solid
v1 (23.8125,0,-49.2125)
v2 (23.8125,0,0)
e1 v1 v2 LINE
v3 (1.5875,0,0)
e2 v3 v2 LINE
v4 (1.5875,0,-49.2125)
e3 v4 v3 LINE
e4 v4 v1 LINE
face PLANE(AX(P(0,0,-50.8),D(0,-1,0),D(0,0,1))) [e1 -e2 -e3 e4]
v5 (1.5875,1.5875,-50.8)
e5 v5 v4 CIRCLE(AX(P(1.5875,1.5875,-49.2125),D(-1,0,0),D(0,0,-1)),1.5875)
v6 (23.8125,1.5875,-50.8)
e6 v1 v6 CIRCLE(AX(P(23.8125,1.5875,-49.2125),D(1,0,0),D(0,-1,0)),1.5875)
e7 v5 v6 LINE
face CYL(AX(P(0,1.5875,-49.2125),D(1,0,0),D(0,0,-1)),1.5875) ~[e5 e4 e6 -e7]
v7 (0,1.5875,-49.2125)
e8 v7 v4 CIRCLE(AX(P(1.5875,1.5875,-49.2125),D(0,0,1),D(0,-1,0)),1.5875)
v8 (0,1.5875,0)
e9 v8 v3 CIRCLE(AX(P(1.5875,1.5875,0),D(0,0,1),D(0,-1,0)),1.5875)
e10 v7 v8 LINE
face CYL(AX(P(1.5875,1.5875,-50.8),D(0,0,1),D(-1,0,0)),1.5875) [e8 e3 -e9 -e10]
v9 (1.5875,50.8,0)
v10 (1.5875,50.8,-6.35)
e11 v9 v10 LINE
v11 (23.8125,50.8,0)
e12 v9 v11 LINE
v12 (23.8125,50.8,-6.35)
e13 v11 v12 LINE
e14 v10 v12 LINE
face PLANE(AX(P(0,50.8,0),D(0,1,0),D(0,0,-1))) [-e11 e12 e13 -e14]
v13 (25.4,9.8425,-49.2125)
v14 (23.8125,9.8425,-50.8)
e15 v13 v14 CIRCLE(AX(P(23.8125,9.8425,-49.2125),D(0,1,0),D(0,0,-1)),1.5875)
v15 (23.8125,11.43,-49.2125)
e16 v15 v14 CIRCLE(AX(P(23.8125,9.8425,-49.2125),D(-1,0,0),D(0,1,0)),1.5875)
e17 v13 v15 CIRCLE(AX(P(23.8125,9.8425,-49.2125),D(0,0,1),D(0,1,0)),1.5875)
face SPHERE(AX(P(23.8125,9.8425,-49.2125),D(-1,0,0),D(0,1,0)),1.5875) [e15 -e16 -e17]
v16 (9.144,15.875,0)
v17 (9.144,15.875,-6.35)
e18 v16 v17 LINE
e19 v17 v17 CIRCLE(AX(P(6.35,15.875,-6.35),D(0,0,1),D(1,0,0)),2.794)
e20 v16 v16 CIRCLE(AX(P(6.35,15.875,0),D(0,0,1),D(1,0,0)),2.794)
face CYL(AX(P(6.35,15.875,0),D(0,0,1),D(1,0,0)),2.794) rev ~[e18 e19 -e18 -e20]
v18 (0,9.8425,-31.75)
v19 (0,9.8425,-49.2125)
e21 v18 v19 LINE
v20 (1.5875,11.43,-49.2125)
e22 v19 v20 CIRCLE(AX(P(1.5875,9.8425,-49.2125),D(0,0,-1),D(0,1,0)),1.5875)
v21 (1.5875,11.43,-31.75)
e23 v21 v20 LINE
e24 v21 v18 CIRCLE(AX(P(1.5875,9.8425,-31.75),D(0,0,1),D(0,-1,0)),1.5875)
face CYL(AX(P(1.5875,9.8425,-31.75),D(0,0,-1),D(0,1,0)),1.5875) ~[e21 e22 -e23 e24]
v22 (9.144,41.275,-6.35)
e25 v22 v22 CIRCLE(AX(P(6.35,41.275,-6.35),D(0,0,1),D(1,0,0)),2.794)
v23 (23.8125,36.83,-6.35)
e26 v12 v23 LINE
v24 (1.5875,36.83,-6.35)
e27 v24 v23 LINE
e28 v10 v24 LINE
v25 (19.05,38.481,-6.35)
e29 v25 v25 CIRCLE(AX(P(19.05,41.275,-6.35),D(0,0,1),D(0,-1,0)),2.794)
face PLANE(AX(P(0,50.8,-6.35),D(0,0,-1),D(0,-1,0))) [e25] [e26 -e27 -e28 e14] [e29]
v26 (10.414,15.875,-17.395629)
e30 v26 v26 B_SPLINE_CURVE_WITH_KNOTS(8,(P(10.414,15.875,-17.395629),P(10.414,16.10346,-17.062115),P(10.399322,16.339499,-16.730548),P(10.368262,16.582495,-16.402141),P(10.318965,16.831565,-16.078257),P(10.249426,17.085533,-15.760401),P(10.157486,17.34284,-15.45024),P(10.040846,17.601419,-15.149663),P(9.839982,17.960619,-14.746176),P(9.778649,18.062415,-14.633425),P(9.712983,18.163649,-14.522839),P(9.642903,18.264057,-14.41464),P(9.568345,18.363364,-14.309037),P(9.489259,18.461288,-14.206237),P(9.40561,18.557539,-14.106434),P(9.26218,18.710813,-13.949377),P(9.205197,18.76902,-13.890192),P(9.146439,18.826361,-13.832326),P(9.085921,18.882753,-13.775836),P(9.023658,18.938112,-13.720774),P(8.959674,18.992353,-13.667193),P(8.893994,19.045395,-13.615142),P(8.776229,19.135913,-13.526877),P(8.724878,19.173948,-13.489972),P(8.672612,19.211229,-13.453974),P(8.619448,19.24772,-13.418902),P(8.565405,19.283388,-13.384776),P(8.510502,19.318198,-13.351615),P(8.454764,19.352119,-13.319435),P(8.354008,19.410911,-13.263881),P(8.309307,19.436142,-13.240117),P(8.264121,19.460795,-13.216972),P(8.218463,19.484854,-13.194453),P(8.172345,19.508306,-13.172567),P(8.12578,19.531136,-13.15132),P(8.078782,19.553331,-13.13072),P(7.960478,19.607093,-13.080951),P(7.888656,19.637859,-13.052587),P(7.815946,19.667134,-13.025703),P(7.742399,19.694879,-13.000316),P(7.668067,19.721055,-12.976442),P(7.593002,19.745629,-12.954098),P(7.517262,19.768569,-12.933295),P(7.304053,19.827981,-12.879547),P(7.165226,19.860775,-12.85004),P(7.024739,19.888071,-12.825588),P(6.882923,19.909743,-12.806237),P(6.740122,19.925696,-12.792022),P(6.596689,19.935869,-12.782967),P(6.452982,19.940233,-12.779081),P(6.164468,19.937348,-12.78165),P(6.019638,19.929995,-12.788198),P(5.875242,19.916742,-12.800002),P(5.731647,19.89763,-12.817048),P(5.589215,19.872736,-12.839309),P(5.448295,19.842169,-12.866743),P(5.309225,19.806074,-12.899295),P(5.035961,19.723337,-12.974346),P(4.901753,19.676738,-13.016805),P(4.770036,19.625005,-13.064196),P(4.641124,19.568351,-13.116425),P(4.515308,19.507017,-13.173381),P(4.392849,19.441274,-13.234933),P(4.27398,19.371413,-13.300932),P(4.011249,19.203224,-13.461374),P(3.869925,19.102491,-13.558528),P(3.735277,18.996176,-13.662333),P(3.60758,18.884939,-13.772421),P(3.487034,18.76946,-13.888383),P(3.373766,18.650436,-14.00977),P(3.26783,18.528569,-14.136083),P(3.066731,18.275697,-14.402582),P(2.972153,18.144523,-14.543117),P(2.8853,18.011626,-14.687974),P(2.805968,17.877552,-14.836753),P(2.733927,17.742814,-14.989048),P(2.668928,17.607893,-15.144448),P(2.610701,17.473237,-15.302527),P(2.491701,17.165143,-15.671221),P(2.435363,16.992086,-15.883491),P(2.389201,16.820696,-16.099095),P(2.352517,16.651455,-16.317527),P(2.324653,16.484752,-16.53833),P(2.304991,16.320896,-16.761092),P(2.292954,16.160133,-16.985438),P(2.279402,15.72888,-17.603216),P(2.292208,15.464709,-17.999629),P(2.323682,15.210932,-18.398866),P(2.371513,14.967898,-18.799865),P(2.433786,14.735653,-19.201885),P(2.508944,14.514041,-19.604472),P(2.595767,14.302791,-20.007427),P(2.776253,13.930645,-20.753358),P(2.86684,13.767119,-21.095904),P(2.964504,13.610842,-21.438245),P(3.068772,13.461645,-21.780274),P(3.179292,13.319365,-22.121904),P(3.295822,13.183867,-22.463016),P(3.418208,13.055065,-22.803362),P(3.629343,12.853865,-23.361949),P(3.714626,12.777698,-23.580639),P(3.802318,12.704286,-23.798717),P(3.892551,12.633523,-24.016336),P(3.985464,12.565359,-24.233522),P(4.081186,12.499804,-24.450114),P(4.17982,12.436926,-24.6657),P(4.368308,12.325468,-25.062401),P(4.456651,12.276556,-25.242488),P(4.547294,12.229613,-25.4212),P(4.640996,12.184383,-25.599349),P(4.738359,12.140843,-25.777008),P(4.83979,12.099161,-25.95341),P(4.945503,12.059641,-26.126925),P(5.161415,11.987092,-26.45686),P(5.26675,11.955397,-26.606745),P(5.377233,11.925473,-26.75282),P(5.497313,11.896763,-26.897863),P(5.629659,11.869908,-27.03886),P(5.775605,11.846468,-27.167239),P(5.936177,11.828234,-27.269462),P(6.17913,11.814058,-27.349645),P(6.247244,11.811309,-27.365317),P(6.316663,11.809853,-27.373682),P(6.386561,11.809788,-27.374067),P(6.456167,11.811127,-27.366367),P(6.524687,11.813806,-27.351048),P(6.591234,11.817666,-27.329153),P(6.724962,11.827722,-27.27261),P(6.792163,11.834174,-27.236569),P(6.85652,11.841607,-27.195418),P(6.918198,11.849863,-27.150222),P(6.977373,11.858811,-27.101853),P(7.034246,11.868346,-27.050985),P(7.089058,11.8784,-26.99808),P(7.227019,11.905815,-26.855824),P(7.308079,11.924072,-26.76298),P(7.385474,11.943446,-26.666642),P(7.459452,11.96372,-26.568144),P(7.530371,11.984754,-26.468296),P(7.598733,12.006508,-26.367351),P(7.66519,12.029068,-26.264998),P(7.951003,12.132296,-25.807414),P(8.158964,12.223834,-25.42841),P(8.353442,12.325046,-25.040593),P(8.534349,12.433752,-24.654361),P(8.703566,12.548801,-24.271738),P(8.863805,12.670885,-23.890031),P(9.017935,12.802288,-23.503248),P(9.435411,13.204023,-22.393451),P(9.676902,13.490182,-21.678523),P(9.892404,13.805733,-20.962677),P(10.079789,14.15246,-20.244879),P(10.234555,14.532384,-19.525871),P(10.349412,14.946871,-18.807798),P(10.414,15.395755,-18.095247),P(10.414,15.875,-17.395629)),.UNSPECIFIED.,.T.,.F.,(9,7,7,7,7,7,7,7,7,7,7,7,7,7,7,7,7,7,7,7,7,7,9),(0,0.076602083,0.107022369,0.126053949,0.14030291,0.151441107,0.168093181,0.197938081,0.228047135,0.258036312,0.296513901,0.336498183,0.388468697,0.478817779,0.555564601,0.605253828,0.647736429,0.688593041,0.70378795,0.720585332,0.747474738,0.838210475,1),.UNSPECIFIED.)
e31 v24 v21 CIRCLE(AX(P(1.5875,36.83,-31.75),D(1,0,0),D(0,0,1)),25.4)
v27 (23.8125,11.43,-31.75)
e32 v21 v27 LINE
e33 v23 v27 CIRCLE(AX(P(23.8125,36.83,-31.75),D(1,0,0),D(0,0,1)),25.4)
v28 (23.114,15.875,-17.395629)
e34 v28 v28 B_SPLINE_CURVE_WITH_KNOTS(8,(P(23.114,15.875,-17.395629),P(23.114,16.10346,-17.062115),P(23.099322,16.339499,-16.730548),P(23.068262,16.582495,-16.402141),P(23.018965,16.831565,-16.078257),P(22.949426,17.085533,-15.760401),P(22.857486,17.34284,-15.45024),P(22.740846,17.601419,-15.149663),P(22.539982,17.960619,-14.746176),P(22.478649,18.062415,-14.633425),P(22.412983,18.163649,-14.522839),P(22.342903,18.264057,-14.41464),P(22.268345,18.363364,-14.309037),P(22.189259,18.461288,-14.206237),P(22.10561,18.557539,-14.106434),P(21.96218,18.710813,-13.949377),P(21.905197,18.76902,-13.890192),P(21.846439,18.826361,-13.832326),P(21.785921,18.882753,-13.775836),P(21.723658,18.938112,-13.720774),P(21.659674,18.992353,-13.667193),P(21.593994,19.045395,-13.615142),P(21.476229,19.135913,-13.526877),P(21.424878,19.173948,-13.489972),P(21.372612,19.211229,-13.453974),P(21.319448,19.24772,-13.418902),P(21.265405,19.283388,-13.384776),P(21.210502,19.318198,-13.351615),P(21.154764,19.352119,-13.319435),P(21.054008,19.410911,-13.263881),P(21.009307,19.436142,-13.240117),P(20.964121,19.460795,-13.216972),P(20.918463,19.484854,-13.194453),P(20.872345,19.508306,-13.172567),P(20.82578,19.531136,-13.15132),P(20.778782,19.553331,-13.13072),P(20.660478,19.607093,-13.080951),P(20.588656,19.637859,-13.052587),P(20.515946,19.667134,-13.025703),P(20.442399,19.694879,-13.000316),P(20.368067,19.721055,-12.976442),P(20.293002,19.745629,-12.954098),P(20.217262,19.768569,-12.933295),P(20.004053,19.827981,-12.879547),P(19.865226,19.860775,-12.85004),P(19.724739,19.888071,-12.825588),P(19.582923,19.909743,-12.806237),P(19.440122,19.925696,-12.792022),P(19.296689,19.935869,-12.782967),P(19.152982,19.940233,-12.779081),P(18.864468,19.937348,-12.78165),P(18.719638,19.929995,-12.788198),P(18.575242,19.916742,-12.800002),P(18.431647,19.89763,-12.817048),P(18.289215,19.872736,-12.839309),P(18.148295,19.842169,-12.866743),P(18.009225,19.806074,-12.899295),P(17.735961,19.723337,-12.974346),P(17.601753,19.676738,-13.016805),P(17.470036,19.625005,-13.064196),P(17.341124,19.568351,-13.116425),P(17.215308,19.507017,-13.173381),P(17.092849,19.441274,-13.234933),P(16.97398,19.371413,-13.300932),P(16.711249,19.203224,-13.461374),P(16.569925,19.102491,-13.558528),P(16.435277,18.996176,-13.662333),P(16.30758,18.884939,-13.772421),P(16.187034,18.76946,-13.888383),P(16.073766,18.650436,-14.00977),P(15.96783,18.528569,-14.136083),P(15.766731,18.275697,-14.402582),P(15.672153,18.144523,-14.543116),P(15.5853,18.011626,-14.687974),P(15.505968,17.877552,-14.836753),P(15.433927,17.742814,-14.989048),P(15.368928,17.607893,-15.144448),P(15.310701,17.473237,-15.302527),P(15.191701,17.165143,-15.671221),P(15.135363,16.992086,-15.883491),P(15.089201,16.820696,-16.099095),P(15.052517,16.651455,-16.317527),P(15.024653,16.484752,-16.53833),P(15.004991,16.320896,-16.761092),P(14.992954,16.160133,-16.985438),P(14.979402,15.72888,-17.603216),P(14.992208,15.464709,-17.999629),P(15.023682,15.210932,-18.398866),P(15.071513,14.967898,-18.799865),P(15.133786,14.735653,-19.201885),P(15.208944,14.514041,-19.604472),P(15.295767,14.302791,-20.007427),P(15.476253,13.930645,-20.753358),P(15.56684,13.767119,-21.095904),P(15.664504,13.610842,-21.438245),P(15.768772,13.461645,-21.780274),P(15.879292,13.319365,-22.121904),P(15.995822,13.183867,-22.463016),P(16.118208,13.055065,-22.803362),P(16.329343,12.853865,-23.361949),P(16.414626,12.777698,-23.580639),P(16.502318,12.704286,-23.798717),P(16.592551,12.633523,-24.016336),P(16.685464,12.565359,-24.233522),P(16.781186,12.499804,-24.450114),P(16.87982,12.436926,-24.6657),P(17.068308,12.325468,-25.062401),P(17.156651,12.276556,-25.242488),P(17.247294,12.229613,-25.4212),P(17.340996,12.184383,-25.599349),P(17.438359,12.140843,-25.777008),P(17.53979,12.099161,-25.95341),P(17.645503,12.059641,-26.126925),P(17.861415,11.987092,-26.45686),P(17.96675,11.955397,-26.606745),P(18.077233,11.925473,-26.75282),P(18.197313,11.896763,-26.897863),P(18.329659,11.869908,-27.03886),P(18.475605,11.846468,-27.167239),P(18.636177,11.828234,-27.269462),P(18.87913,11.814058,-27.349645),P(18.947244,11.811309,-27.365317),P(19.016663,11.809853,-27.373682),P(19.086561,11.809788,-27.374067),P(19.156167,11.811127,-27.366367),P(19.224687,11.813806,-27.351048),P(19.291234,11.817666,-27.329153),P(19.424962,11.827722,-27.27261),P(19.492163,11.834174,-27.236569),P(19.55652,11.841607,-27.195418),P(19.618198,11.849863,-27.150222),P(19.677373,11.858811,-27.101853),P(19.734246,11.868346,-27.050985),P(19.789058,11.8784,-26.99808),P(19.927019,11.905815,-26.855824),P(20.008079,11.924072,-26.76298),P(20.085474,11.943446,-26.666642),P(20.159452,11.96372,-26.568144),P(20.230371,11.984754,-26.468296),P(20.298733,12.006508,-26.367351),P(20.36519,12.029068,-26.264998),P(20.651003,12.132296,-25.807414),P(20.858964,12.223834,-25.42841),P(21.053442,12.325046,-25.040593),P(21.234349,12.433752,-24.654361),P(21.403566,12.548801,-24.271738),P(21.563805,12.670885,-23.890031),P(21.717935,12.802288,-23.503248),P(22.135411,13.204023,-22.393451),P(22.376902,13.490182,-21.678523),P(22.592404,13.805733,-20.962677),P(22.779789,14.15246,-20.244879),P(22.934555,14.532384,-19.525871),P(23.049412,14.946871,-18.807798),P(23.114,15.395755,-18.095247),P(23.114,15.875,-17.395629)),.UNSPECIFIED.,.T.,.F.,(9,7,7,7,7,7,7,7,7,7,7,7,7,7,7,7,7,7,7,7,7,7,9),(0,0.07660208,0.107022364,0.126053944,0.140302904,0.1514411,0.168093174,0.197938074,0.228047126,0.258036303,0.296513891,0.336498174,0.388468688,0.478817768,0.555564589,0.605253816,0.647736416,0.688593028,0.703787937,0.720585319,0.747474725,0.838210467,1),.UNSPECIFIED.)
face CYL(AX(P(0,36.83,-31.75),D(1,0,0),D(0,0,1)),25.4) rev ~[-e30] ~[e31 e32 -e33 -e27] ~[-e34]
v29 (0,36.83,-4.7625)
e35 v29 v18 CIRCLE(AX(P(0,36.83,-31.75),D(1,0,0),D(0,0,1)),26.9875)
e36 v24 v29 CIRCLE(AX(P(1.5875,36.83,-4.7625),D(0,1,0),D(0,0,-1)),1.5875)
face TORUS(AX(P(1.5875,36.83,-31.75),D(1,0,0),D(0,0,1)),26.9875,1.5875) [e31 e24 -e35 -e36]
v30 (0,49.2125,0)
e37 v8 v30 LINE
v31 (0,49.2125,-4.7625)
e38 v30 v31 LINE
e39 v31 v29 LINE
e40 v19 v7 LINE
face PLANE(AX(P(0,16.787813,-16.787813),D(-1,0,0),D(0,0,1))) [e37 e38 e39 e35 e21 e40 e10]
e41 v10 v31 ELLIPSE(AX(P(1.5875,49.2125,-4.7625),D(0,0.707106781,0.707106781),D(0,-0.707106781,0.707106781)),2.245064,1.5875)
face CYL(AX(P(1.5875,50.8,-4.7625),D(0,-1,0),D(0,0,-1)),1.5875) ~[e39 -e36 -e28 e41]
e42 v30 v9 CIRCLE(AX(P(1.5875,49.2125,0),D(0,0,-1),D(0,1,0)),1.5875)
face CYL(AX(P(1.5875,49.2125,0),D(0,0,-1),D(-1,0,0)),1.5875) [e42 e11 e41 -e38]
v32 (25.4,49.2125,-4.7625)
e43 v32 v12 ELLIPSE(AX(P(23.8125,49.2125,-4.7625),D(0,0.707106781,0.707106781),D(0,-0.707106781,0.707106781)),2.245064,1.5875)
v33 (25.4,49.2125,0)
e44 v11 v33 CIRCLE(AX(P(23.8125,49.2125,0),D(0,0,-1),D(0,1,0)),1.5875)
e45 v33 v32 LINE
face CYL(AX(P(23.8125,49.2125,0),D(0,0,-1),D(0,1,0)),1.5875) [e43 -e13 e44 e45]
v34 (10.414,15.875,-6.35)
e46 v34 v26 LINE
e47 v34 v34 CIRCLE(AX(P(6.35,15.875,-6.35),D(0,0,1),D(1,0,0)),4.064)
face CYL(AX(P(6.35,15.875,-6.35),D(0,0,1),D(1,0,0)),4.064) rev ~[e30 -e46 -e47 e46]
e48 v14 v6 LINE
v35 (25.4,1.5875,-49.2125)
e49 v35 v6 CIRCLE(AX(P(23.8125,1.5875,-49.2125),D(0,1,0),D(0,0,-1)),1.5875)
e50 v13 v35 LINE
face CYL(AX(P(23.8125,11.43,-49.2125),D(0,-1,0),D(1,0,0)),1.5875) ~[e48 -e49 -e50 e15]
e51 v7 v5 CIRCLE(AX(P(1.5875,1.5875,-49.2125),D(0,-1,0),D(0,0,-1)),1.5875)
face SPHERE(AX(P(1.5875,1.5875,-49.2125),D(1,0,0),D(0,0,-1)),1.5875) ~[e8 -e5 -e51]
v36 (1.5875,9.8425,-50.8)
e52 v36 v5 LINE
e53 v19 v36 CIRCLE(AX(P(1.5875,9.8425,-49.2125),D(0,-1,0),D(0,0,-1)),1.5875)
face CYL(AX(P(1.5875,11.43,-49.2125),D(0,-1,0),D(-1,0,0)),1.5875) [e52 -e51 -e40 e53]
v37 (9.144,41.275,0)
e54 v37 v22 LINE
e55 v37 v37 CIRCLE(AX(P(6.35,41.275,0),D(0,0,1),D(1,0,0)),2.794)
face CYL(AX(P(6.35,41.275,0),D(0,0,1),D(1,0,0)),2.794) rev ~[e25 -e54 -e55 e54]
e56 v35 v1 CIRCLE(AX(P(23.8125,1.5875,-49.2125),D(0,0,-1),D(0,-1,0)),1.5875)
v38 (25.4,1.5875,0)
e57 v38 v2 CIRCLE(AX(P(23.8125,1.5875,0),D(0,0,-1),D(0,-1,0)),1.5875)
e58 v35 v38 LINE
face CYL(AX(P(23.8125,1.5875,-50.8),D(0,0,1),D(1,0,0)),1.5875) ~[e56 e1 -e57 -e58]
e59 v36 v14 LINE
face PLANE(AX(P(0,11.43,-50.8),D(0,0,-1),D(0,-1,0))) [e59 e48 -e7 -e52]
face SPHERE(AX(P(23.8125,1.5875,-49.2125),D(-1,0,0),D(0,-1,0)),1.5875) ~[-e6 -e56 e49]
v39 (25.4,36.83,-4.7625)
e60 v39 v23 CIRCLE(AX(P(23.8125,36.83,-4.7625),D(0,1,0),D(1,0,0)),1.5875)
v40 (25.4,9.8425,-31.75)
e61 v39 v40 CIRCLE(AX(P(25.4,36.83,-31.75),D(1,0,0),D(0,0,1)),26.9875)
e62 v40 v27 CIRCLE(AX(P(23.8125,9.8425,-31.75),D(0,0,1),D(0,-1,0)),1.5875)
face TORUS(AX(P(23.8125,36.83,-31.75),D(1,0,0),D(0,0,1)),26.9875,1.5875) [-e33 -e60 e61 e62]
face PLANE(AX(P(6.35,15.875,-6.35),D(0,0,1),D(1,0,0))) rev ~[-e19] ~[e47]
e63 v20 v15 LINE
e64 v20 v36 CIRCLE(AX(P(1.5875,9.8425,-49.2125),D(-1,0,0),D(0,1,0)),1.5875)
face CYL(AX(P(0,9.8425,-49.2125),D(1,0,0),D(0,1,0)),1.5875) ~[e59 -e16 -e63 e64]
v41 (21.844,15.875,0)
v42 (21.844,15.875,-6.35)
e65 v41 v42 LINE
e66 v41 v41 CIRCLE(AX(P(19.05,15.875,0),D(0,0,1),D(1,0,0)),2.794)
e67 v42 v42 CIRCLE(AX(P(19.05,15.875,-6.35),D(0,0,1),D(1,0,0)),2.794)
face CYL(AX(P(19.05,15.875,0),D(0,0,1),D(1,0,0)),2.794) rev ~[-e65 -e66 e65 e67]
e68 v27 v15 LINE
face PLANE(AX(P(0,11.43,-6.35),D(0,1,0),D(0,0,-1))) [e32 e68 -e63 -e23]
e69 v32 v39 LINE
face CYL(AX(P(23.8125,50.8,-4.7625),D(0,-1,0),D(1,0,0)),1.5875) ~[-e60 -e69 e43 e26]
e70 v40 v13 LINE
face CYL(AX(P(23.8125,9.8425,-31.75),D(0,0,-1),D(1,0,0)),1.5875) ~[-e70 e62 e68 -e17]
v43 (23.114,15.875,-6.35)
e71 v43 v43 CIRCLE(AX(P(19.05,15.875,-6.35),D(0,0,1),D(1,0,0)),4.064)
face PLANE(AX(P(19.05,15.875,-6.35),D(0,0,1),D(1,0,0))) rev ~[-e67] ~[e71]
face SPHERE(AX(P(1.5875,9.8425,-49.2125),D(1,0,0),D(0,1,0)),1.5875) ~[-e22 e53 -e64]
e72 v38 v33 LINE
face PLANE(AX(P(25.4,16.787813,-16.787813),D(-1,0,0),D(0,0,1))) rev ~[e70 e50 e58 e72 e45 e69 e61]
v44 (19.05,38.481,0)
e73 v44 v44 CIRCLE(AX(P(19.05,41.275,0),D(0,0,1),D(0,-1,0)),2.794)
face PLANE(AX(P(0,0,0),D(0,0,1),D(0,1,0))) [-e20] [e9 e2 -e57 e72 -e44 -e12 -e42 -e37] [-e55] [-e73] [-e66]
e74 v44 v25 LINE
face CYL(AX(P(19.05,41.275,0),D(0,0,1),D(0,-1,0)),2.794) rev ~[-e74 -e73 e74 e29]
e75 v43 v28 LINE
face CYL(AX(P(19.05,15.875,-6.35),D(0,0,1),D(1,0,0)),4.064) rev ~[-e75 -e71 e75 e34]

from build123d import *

# Parameters (mm, degrees)
BOSS_EXTRUDE1_DEPTH = 25.4
FILLET1_R           = 25.4
SKETCH2_R           = 2.794
CUT_EXTRUDE1_DEPTH  = 77.2
CUT_EXTRUDE2_START  = -6.35
SKETCH3_R           = 4.064
CUT_EXTRUDE2_DEPTH  = 70.850000033
FILLET2_R           = 1.5875


with BuildPart() as part:
    # Sketch1 → Boss-Extrude1 (new body)
    with BuildSketch(Plane(origin=(0, 0, 0), x_dir=(0, 0, -1), z_dir=(1, 0, 0))):
        Polygon((0, 0), (0, 50.8), (6.35, 50.8), (6.35, 11.43), (50.8, 11.43), (50.8, 0), align=None)
    extrude(amount=BOSS_EXTRUDE1_DEPTH)

    # Fillet1
    fillet1_edges = [part.edges().sort_by_distance(p)[0] for p in [
        (12.7, 11.43, -6.35),
    ]]
    fillet(fillet1_edges, radius=FILLET1_R)

    # Sketch2 → Cut-Extrude1 (cut, through all)
    with BuildSketch(Plane.XY):
        with Locations((6.35, 41.275)):
            Circle(SKETCH2_R)
        with Locations((6.35, 15.875)):
            Circle(SKETCH2_R)
        with Locations(Location((19.05, 41.275, 0), (0, 0, 270))):
            Circle(SKETCH2_R)
        with Locations((19.05, 15.875)):
            Circle(SKETCH2_R)
    extrude(amount=-CUT_EXTRUDE1_DEPTH, mode=Mode.SUBTRACT)

    # Sketch3 → Cut-Extrude2 (cut, through all)
    with BuildSketch(Plane.XY.offset(CUT_EXTRUDE2_START)):
        with Locations((6.35, 15.875)):
            Circle(SKETCH3_R)
        with Locations((19.05, 15.875)):
            Circle(SKETCH3_R)
    extrude(amount=-CUT_EXTRUDE2_DEPTH, mode=Mode.SUBTRACT)

    # Fillet2
    fillet2_edges = [part.edges().sort_by_distance(p)[0] for p in [
        (12.7, 11.43, -50.8),
        (12.7, 0, -50.8),
        (25.4, 11.43, -41.275),
        (0, 43.815, -6.35),
        (25.4, 43.815, -6.35),
        (25.4, 50.8, -3.175),
        (0, 18.869487758, -13.789487758),
        (25.4, 18.869487758, -13.789487758),
        (25.4, 0, -25.4),
        (0, 50.8, -3.175),
        (0, 11.43, -41.275),
        (0, 5.715, -50.8),
        (0, 0, -25.4),
        (25.4, 5.715, -50.8),
    ]]
    fillet(fillet2_edges, radius=FILLET2_R)


solid = part.part
